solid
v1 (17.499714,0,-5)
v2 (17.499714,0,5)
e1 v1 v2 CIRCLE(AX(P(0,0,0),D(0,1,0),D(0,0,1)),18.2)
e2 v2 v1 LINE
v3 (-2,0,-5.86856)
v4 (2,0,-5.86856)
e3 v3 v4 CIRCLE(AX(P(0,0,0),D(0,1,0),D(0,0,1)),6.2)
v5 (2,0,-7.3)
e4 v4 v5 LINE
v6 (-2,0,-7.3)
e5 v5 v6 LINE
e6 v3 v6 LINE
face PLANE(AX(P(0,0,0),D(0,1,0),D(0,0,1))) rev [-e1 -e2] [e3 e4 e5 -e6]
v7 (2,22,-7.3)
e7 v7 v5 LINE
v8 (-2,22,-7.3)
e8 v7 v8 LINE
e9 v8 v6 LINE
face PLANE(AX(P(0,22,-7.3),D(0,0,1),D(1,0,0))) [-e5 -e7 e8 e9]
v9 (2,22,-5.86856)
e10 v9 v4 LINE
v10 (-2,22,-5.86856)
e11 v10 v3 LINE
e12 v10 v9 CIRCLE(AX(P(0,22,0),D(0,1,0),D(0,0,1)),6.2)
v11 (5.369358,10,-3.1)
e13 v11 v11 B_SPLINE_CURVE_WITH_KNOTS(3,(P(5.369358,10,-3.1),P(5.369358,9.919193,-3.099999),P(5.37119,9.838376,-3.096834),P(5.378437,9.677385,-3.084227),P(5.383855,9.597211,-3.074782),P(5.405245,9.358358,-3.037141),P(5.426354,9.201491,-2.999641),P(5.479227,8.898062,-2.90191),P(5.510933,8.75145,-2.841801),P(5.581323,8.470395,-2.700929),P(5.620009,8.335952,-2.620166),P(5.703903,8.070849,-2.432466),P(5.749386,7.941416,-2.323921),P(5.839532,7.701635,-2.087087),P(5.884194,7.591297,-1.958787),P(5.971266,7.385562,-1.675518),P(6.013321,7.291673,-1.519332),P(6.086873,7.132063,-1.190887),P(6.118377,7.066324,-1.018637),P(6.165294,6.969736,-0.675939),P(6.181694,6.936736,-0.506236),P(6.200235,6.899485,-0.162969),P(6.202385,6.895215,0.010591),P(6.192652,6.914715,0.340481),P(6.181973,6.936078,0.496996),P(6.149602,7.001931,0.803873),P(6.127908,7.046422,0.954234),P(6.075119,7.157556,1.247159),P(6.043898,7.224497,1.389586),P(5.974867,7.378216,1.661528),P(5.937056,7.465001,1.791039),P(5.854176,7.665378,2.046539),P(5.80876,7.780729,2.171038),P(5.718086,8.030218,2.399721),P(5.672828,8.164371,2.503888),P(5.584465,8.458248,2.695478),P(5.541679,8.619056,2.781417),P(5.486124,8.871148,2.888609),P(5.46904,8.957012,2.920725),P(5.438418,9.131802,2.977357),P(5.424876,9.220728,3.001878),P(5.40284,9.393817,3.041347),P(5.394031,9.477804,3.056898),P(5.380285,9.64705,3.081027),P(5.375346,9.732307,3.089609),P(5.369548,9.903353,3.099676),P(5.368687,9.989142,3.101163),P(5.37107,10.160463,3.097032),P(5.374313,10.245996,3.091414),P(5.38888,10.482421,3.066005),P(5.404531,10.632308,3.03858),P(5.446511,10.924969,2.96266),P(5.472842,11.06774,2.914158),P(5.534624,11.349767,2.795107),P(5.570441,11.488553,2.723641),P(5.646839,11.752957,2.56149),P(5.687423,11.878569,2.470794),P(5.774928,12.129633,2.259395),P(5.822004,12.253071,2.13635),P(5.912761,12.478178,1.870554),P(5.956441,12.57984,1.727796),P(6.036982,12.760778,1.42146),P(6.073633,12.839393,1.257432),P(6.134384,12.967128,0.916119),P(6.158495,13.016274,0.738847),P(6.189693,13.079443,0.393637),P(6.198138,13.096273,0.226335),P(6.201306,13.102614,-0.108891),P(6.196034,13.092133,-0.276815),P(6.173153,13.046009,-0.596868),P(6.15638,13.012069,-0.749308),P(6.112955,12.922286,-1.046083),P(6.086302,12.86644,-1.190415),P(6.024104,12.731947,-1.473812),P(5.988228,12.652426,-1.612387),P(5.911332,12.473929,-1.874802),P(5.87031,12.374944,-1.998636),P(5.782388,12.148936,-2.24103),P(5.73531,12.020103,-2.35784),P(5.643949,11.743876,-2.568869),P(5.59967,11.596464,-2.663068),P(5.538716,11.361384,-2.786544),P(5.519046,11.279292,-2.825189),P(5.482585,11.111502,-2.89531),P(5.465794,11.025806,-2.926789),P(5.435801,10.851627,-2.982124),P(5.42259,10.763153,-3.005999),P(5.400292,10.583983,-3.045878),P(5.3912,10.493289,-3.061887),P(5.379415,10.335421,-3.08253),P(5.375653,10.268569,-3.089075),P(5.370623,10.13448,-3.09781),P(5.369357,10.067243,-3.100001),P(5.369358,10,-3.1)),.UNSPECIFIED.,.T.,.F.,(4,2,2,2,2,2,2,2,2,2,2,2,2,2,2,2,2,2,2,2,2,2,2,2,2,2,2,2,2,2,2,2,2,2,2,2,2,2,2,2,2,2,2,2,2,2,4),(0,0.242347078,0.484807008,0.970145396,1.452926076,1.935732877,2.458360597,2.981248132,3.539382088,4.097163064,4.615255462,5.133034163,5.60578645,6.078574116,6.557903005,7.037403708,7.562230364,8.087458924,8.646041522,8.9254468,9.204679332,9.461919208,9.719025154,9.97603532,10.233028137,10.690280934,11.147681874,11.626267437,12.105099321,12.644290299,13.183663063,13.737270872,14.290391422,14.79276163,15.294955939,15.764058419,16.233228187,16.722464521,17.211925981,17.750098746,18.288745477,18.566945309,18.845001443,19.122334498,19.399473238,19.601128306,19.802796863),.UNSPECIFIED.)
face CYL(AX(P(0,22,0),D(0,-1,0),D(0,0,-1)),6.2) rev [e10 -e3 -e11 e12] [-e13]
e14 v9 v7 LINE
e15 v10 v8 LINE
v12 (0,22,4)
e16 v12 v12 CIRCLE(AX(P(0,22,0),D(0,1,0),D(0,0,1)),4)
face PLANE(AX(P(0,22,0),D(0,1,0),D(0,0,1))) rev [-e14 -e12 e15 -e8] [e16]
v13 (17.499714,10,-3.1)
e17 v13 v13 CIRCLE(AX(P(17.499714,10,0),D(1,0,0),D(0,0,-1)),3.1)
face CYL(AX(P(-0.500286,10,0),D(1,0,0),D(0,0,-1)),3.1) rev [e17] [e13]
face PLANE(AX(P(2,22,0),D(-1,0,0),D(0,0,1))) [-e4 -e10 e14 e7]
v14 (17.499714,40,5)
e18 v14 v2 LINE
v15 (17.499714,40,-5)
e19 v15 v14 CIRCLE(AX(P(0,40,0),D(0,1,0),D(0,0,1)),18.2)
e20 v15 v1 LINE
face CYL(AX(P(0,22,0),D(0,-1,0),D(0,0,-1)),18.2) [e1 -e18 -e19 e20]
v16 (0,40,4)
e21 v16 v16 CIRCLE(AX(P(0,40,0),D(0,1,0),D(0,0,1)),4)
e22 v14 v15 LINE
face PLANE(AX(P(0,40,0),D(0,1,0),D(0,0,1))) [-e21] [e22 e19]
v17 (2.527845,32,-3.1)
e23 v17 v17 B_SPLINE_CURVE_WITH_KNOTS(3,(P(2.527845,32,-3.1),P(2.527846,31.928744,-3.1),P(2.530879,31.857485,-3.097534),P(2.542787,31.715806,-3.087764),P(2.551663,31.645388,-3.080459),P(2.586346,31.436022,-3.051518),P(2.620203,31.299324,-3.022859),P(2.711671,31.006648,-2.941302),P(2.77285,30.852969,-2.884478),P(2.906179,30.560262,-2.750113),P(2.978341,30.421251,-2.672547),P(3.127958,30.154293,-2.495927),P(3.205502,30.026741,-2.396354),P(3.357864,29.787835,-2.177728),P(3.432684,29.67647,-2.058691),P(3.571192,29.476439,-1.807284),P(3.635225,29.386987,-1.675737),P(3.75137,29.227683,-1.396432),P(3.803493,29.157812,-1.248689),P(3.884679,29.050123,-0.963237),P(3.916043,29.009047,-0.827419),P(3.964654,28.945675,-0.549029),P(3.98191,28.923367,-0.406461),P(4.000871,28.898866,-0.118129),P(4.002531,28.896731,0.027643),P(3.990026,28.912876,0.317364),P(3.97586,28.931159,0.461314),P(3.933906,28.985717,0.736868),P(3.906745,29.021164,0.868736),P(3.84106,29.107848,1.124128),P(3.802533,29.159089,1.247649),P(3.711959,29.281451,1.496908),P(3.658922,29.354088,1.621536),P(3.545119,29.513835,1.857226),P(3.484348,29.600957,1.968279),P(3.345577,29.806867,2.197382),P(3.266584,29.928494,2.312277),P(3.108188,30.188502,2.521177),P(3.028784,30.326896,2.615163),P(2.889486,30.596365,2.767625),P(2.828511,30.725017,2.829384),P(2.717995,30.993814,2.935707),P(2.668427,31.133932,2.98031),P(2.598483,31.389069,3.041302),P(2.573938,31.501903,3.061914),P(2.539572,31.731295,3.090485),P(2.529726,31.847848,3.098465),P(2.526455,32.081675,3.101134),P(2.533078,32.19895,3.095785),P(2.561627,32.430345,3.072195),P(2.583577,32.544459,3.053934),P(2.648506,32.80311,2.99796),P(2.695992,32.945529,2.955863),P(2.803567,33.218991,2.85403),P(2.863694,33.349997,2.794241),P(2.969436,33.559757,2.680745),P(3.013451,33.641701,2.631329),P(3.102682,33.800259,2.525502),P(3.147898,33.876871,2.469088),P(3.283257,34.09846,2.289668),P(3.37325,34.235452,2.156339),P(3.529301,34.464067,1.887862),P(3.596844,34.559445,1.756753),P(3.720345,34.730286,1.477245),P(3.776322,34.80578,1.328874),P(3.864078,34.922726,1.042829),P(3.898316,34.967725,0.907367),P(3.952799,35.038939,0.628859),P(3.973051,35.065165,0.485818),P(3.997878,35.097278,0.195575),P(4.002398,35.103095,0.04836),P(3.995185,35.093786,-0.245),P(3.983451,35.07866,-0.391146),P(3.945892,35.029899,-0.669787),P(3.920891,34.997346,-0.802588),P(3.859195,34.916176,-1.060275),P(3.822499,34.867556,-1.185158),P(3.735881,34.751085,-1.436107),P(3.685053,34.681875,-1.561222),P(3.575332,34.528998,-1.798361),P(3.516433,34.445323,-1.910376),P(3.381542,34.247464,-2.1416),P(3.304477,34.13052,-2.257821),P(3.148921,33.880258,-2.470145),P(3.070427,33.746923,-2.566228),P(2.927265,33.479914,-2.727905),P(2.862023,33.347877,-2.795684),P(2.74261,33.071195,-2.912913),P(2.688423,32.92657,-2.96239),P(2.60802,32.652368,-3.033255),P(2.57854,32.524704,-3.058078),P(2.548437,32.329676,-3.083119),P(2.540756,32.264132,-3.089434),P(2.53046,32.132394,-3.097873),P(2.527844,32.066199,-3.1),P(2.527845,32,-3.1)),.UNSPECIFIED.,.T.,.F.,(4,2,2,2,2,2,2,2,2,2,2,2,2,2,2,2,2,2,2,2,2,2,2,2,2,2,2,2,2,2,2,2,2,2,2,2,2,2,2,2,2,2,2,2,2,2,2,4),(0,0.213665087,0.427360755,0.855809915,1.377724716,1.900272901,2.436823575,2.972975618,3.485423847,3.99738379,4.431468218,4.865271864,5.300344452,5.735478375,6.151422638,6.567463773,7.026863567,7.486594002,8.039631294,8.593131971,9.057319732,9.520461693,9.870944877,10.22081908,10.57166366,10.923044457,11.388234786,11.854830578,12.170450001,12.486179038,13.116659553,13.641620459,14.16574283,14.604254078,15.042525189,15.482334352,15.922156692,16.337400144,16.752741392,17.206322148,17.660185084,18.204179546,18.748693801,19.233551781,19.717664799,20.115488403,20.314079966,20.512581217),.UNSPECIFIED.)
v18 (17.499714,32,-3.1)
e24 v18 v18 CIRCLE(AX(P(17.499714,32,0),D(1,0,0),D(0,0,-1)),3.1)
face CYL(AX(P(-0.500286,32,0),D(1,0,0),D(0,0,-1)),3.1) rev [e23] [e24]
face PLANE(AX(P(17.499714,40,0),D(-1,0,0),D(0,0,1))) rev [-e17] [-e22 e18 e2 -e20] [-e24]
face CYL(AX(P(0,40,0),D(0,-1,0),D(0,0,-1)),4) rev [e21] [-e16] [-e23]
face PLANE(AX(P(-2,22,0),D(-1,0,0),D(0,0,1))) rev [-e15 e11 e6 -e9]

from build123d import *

# Parameters (mm, degrees)
SKETCH1_R           = 18.2
BOSS_EXTRUDE1_DEPTH = 22
SKETCH5_R           = 18.2
SKETCH5_R_2         = 4
BOSS_EXTRUDE4_DEPTH = 18
CUT_EXTRUDE1_DEPTH  = 48.56553374
SKETCH7_R           = 3.1
CUT_EXTRUDE2_DEPTH  = 18


with BuildPart() as part:
    # Sketch1 → Boss-Extrude1 (new body)
    with BuildSketch(Plane(origin=(0, 0, 0), x_dir=(1, 0, 0), z_dir=(0, 1, 0))):
        with Locations(Location((0, 0, 0), (0, 0, 270))):
            Circle(SKETCH1_R)
        with BuildLine():
            Line((2, 7.3), (2, 5.8685603))
            ThreePointArc((2, 5.8685603), (5.041825066, 3.608323711), (6.2, 0))
            ThreePointArc((6.2, 0), (-3.608323711, -5.041825066), (-2, 5.8685603))
            Line((-2, 5.8685603), (-2, 7.3))
            Line((-2, 7.3), (2, 7.3))
        make_face(mode=Mode.SUBTRACT)
    extrude(amount=BOSS_EXTRUDE1_DEPTH)

    # Sketch5 → Boss-Extrude4 (add)
    with BuildSketch(Plane(origin=(0, 22, 0), x_dir=(1, 0, 0), z_dir=(0, 1, 0))):
        with Locations(Location((0, 0, 0), (0, 0, 270))):
            Circle(SKETCH5_R)
        with Locations(Location((0, 0, 0), (0, 0, 270))):
            Circle(SKETCH5_R_2, mode=Mode.SUBTRACT)
    extrude(amount=BOSS_EXTRUDE4_DEPTH)

    # Sketch6 → Cut-Extrude1 (cut, through all)
    with BuildSketch(Plane.XZ):
        Polygon((17.499714283, 100.15185494), (17.499714283, 5), (17.499714283, -5), (17.499714283, -100.15185494), (207.803424163, -100.15185494), (207.803424163, 100.15185494), align=None)
    extrude(amount=-CUT_EXTRUDE1_DEPTH, mode=Mode.SUBTRACT)

    # Sketch7 → Cut-Extrude2 (cut)
    with BuildSketch(Plane(origin=(17.499714283, 0, 0), x_dir=(0, 0, -1), z_dir=(1, 0, 0))):
        with Locations((0, 10)):
            Circle(SKETCH7_R)
        with Locations((0, 32)):
            Circle(SKETCH7_R)
    extrude(amount=-CUT_EXTRUDE2_DEPTH, mode=Mode.SUBTRACT)


solid = part.part
